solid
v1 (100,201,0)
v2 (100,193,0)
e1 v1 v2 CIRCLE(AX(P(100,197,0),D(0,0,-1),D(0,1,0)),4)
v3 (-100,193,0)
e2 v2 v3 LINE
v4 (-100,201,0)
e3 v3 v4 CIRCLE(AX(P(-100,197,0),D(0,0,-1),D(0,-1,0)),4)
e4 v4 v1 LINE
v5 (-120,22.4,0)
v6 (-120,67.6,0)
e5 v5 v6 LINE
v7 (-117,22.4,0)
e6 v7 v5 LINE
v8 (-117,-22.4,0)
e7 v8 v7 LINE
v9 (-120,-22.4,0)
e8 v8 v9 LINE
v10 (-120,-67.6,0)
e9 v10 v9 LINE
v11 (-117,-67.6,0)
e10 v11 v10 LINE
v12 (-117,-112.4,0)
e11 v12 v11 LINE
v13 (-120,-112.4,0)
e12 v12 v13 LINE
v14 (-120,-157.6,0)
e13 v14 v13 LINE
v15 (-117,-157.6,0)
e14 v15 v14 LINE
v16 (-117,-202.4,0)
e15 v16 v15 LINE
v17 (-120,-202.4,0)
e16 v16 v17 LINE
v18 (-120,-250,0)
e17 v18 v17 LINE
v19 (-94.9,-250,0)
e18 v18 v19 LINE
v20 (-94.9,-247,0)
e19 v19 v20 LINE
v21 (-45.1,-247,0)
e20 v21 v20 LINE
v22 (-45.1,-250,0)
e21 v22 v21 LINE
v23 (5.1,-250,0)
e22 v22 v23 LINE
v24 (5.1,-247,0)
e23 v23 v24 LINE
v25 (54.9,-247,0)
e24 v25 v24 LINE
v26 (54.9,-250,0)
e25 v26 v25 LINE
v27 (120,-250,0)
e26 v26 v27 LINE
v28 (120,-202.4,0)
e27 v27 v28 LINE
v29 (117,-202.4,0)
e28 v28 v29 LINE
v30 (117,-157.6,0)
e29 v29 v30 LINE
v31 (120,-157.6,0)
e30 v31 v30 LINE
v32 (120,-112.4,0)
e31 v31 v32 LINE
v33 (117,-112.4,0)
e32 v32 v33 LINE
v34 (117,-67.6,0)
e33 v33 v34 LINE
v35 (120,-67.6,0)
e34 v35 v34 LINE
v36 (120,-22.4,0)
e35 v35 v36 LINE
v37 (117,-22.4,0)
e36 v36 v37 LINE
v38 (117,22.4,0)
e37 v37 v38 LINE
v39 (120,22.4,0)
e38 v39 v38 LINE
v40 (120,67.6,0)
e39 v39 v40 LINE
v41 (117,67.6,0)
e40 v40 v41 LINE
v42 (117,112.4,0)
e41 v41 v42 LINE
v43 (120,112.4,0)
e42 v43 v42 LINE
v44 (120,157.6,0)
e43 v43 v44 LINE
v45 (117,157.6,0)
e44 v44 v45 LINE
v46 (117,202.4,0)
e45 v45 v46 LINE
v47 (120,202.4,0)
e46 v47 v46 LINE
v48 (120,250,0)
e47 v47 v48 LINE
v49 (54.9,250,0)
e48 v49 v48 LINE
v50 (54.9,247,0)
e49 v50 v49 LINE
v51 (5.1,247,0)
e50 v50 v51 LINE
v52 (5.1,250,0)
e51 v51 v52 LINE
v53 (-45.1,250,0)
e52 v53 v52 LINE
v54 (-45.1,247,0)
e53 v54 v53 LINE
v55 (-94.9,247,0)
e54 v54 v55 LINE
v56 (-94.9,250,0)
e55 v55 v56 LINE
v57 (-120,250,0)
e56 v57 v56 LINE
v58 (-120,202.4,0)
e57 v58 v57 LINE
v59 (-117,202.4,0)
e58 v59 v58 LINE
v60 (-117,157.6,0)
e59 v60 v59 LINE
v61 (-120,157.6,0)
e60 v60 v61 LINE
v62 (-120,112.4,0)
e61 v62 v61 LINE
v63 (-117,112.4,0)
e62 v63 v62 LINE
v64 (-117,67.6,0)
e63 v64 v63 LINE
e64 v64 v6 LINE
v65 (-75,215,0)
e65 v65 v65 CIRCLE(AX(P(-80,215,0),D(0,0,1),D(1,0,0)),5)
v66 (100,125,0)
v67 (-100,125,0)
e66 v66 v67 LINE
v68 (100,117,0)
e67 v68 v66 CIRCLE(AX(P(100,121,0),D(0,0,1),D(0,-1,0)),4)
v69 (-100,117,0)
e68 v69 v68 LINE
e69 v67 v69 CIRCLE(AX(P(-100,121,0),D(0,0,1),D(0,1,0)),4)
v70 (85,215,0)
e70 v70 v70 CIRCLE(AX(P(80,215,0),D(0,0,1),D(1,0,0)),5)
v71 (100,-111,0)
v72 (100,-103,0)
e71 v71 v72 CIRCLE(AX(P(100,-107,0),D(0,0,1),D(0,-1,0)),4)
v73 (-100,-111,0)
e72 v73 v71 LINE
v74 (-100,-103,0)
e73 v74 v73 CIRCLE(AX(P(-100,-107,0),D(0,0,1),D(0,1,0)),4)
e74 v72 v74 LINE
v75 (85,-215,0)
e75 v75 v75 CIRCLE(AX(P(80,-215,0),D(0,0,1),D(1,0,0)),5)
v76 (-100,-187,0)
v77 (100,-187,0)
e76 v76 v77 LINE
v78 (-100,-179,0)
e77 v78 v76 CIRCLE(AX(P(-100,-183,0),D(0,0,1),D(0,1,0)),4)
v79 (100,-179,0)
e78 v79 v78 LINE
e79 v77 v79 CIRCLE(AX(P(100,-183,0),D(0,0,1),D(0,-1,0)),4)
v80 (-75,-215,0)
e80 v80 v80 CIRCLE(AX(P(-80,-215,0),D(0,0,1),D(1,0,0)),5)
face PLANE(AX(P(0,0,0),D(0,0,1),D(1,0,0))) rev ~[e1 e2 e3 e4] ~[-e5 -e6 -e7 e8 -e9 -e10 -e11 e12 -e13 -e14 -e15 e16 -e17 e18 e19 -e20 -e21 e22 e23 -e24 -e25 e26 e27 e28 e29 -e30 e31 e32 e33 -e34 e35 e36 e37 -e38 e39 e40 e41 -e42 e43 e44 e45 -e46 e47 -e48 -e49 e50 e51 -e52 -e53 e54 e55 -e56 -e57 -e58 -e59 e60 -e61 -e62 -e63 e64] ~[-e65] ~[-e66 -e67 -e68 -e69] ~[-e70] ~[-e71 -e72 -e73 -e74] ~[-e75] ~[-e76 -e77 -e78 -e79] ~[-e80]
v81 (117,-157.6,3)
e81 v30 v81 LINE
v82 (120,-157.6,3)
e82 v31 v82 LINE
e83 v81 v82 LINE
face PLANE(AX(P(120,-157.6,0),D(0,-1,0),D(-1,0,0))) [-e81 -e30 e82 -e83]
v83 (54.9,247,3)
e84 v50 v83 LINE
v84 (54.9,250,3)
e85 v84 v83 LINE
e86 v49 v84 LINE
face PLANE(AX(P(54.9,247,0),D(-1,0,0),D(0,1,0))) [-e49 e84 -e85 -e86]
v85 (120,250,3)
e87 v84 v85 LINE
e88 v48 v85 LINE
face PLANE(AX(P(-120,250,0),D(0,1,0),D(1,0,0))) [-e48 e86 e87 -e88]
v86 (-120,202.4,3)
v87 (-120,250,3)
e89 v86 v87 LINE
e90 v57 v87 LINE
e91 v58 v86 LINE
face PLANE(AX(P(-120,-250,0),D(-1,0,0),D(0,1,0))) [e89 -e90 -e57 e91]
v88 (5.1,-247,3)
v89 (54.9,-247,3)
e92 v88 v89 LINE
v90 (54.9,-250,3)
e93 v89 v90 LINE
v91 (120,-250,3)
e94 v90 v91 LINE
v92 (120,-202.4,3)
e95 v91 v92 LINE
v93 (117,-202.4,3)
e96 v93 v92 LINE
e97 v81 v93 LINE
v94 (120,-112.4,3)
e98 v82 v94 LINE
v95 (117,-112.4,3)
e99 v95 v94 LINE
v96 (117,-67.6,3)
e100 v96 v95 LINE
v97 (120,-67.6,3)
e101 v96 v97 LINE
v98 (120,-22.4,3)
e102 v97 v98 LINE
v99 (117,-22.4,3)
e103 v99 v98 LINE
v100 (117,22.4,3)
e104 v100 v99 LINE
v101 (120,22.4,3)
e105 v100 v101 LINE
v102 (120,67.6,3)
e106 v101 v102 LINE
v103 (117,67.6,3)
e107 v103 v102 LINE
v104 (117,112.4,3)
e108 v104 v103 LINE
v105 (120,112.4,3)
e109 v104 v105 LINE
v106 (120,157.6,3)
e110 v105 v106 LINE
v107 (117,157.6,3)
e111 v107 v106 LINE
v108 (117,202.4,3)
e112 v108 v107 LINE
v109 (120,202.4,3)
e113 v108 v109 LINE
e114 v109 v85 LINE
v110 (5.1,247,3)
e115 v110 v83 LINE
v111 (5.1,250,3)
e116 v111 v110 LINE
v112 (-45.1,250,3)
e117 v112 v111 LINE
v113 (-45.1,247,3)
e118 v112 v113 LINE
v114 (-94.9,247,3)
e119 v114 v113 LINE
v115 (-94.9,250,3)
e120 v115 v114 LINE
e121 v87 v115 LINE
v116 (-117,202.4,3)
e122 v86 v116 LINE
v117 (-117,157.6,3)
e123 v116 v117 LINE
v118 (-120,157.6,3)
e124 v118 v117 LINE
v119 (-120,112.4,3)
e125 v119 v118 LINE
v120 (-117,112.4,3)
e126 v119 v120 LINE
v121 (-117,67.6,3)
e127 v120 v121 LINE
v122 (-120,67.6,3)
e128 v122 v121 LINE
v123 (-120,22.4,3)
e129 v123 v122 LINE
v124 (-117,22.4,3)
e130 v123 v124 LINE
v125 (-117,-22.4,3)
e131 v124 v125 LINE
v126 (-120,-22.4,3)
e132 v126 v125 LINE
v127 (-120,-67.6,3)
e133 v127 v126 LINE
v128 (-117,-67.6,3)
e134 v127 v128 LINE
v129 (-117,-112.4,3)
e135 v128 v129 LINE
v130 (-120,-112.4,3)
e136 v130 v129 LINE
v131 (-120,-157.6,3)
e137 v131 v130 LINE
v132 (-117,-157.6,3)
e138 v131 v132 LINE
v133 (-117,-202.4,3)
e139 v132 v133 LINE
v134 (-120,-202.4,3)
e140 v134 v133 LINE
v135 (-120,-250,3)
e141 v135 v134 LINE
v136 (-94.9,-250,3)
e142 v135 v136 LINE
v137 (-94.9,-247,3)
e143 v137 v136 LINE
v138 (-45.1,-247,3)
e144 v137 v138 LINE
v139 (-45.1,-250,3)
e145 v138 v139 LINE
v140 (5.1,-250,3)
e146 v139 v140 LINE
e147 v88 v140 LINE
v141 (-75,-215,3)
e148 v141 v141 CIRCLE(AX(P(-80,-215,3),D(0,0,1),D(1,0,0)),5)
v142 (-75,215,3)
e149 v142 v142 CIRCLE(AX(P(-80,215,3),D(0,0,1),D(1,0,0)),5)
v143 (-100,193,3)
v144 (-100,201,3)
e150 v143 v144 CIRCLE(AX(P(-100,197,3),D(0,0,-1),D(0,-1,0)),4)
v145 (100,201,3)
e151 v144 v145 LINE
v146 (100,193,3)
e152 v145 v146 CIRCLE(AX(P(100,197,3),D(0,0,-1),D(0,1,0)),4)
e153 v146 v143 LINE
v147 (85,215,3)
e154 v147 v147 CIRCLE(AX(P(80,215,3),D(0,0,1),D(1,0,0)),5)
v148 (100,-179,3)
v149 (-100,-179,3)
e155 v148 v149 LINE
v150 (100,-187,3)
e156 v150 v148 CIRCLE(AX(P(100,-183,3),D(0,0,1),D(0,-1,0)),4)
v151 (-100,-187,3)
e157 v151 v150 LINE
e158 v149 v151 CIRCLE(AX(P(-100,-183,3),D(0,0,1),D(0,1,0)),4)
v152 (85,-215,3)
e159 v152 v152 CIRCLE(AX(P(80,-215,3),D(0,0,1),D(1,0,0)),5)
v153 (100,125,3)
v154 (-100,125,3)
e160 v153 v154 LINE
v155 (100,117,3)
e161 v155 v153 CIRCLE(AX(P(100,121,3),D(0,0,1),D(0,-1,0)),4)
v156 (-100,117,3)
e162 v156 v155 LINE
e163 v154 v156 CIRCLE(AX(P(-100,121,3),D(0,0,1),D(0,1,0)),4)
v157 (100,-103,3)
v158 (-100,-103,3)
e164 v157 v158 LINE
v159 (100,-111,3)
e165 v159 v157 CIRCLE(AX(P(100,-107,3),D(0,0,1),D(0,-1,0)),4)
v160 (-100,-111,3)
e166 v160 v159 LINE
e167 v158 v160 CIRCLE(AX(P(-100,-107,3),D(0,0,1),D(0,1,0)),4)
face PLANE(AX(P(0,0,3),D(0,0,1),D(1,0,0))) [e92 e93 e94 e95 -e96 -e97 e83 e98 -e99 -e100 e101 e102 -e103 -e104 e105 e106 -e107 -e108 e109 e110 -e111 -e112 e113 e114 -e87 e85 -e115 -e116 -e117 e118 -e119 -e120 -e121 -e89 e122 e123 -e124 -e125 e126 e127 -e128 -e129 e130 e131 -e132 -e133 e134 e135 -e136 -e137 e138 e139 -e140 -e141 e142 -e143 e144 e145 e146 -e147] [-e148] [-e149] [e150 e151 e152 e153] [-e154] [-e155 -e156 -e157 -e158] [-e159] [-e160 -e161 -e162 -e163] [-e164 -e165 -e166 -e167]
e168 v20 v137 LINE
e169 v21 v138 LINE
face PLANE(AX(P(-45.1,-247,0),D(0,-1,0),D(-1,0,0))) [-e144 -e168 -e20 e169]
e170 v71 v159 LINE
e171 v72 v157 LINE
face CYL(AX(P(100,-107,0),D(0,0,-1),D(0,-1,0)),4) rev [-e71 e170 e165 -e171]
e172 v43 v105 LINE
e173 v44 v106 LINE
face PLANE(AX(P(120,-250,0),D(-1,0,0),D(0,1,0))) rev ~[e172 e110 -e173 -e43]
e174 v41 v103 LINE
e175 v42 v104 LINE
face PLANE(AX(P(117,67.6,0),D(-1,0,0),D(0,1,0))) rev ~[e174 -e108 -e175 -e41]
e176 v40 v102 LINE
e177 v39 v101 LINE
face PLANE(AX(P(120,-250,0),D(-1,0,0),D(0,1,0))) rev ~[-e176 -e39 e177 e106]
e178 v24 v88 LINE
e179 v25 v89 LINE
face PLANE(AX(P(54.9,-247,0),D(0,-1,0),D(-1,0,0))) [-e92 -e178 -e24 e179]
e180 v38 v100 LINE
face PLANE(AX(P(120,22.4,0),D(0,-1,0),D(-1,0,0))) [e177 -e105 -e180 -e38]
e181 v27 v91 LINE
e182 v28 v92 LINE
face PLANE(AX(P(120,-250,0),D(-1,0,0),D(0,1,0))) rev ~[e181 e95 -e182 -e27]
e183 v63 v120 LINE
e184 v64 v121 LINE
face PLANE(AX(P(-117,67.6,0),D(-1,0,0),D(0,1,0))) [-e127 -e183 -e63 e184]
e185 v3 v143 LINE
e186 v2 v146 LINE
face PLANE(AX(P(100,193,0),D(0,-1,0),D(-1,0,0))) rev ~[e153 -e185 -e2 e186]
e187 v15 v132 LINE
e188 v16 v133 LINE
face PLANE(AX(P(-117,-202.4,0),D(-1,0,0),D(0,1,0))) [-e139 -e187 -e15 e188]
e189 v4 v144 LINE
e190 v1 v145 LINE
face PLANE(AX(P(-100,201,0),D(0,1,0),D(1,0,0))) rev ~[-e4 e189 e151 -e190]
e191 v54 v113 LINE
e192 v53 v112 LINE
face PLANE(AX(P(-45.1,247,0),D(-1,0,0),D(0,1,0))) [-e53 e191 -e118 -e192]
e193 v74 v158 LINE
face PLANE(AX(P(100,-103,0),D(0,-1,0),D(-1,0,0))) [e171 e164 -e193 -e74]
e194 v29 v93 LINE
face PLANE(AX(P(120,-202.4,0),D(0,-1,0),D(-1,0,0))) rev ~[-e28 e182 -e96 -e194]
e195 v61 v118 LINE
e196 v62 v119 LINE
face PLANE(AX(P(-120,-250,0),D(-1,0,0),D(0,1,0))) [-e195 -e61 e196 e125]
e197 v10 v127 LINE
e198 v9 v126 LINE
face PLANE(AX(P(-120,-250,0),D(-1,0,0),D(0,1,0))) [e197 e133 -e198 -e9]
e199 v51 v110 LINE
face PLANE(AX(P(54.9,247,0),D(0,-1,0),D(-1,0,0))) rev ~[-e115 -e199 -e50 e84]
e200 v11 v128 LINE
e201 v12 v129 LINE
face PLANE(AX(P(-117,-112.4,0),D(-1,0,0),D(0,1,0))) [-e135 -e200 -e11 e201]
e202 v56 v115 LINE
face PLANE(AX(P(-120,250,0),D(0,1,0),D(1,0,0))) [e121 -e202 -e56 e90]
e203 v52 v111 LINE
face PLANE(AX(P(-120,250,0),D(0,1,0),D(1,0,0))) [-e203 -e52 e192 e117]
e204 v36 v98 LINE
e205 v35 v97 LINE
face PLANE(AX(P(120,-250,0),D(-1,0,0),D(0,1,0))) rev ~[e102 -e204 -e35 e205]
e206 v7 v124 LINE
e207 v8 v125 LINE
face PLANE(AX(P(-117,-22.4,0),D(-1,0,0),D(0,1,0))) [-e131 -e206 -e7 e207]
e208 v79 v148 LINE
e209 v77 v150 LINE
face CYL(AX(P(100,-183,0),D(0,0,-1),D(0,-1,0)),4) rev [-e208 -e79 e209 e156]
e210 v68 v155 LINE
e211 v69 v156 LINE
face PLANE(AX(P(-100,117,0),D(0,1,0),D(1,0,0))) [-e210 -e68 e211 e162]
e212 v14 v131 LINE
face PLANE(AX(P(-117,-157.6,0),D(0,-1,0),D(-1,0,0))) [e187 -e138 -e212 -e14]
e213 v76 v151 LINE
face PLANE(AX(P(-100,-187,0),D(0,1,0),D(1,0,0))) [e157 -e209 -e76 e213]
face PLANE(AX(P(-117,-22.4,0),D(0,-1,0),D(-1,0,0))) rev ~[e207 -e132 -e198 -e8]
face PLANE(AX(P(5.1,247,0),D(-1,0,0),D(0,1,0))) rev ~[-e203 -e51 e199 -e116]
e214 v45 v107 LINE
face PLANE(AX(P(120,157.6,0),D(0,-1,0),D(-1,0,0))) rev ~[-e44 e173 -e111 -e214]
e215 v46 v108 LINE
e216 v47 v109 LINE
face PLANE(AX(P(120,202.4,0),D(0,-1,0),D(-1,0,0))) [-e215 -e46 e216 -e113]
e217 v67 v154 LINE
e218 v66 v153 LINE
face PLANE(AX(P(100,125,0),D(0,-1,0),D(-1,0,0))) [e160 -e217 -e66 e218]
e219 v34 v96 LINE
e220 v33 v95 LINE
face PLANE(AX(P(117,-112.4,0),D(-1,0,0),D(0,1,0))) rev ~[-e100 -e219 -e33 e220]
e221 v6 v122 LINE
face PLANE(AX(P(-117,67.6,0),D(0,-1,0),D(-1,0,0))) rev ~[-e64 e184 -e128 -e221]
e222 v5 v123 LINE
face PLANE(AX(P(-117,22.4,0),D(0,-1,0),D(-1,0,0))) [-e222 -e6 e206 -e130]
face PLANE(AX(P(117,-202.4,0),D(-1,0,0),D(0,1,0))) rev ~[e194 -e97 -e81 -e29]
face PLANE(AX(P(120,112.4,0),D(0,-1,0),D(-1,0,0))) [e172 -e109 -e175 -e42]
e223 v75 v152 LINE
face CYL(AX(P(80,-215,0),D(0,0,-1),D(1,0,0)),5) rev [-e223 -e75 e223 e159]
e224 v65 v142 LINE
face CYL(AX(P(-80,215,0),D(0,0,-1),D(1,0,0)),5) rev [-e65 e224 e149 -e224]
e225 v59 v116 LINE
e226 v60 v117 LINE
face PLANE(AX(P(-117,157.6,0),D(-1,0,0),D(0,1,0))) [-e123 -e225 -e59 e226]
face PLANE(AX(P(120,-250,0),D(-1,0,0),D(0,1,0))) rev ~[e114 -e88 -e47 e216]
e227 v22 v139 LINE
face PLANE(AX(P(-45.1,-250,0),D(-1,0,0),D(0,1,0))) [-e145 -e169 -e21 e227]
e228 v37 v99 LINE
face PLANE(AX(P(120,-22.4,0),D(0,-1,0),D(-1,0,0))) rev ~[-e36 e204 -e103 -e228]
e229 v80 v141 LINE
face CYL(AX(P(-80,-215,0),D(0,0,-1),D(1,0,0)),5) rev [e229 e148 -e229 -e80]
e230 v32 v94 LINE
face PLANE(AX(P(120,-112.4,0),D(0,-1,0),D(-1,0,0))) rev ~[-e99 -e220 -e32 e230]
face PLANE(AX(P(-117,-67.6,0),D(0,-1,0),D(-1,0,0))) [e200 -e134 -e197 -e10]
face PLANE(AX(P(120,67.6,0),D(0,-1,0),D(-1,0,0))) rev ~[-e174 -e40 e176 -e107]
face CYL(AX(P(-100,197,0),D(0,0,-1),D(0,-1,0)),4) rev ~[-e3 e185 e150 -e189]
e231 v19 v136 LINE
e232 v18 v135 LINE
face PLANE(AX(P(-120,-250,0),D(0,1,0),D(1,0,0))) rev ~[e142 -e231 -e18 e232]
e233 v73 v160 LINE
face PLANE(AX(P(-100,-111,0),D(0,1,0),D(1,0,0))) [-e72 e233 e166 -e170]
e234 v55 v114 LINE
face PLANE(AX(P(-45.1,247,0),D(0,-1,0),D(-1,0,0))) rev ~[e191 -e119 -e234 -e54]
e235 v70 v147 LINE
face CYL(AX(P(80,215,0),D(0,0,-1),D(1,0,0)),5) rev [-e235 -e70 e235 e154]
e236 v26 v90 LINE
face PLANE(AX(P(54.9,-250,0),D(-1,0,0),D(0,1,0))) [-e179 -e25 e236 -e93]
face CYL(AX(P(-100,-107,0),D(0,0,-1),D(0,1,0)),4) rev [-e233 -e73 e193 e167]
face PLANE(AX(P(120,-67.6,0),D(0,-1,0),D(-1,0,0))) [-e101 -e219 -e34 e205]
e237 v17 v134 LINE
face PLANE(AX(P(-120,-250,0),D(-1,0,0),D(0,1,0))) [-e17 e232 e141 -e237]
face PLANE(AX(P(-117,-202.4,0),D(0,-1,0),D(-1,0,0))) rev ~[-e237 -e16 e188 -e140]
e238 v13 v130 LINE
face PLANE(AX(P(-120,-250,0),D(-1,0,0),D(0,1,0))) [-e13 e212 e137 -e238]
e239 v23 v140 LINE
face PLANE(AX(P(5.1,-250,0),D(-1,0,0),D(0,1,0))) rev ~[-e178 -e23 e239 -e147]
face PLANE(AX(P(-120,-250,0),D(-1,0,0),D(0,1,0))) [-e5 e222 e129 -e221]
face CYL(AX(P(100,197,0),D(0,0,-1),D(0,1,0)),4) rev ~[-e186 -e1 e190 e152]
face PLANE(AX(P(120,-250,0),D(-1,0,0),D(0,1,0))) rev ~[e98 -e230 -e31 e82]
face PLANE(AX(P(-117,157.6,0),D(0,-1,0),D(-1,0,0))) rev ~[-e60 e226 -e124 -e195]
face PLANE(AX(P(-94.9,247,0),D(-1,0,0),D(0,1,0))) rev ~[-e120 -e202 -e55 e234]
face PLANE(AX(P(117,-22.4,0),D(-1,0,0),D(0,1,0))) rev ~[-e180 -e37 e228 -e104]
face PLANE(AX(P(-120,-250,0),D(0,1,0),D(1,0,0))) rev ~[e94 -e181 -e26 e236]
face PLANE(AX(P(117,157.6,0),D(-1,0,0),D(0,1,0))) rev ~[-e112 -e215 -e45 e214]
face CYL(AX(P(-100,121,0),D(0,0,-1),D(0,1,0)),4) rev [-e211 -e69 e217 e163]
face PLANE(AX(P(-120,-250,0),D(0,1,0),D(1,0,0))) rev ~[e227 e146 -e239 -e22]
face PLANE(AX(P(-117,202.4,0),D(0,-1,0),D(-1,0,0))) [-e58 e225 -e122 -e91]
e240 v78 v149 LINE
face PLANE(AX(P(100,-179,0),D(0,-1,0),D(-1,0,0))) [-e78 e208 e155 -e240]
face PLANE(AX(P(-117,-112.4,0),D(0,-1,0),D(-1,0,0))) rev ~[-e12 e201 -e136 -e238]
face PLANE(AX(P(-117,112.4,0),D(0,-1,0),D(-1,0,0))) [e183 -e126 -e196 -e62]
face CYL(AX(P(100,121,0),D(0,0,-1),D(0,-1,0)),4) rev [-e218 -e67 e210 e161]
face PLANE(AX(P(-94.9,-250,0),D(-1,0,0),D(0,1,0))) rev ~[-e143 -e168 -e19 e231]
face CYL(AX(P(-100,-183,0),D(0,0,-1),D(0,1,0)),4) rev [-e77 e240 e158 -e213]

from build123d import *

# Parameters (mm, degrees)
CROQUIS1_W              = 240
CROQUIS1_H              = 500
CROQUIS1_R              = 5
SALIENTE_EXTRUIR1_DEPTH = 3
CROQUIS5_W              = 49.8
CROQUIS5_H              = 3
CROQUIS5_W_2            = 3
CROQUIS5_H_2            = 44.8
CORTAR_EXTRUIR2_DEPTH   = 4


with BuildPart() as part:
    # Croquis1 → Saliente-Extruir1 (new body)
    with BuildSketch(Plane.XY):
        Rectangle(CROQUIS1_W, CROQUIS1_H)
        with Locations((-80, -215)):
            Circle(CROQUIS1_R, mode=Mode.SUBTRACT)
        with Locations((80, -215)):
            Circle(CROQUIS1_R, mode=Mode.SUBTRACT)
        with Locations((80, 215)):
            Circle(CROQUIS1_R, mode=Mode.SUBTRACT)
        with Locations((-80, 215)):
            Circle(CROQUIS1_R, mode=Mode.SUBTRACT)
        with BuildLine():
            Line((-100, 201), (100, 201))
            ThreePointArc((100, 201), (104, 197), (100, 193))
            Line((100, 193), (-100, 193))
            ThreePointArc((-100, 193), (-104, 197), (-100, 201))
        make_face(mode=Mode.SUBTRACT)
        with BuildLine():
            Line((-100, 117), (100, 117))
            ThreePointArc((100, 117), (104, 121), (100, 125))
            Line((100, 125), (-100, 125))
            ThreePointArc((-100, 125), (-104, 121), (-100, 117))
        make_face(mode=Mode.SUBTRACT)
        with BuildLine():
            Line((-100, -111), (100, -111))
            ThreePointArc((100, -111), (104, -107), (100, -103))
            Line((100, -103), (-100, -103))
            ThreePointArc((-100, -103), (-104, -107), (-100, -111))
        make_face(mode=Mode.SUBTRACT)
        with BuildLine():
            Line((-100, -187), (100, -187))
            ThreePointArc((100, -187), (104, -183), (100, -179))
            Line((100, -179), (-100, -179))
            ThreePointArc((-100, -179), (-104, -183), (-100, -187))
        make_face(mode=Mode.SUBTRACT)
    extrude(amount=SALIENTE_EXTRUIR1_DEPTH)

    # Croquis5 → Cortar-Extruir2 (cut, through all)
    with BuildSketch(Plane(origin=(0, 0, 0), x_dir=(-1, 0, 0), z_dir=(0, 0, -1))):
        with Locations((-30, 248.5)):
            Rectangle(CROQUIS5_W, CROQUIS5_H)
        with Locations((70, 248.5)):
            Rectangle(CROQUIS5_W, CROQUIS5_H)
        with Locations((118.5, 180)):
            Rectangle(CROQUIS5_W_2, CROQUIS5_H_2)
        with Locations((118.5, 90)):
            Rectangle(CROQUIS5_W_2, CROQUIS5_H_2)
        with Locations((118.5, 0)):
            Rectangle(CROQUIS5_W_2, CROQUIS5_H_2)
        with Locations((118.5, -90)):
            Rectangle(CROQUIS5_W_2, CROQUIS5_H_2)
        with Locations((118.5, -180)):
            Rectangle(CROQUIS5_W_2, CROQUIS5_H_2)
        with Locations((70, -248.5)):
            Rectangle(CROQUIS5_W, CROQUIS5_H)
        with Locations((-30, -248.5)):
            Rectangle(CROQUIS5_W, CROQUIS5_H)
        with Locations((-118.5, -180)):
            Rectangle(CROQUIS5_W_2, CROQUIS5_H_2)
        with Locations((-118.5, -90)):
            Rectangle(CROQUIS5_W_2, CROQUIS5_H_2)
        with Locations((-118.5, 0)):
            Rectangle(CROQUIS5_W_2, CROQUIS5_H_2)
        with Locations((-118.5, 90)):
            Rectangle(CROQUIS5_W_2, CROQUIS5_H_2)
        with Locations((-118.5, 180)):
            Rectangle(CROQUIS5_W_2, CROQUIS5_H_2)
    extrude(amount=-CORTAR_EXTRUIR2_DEPTH, mode=Mode.SUBTRACT)


solid = part.part
